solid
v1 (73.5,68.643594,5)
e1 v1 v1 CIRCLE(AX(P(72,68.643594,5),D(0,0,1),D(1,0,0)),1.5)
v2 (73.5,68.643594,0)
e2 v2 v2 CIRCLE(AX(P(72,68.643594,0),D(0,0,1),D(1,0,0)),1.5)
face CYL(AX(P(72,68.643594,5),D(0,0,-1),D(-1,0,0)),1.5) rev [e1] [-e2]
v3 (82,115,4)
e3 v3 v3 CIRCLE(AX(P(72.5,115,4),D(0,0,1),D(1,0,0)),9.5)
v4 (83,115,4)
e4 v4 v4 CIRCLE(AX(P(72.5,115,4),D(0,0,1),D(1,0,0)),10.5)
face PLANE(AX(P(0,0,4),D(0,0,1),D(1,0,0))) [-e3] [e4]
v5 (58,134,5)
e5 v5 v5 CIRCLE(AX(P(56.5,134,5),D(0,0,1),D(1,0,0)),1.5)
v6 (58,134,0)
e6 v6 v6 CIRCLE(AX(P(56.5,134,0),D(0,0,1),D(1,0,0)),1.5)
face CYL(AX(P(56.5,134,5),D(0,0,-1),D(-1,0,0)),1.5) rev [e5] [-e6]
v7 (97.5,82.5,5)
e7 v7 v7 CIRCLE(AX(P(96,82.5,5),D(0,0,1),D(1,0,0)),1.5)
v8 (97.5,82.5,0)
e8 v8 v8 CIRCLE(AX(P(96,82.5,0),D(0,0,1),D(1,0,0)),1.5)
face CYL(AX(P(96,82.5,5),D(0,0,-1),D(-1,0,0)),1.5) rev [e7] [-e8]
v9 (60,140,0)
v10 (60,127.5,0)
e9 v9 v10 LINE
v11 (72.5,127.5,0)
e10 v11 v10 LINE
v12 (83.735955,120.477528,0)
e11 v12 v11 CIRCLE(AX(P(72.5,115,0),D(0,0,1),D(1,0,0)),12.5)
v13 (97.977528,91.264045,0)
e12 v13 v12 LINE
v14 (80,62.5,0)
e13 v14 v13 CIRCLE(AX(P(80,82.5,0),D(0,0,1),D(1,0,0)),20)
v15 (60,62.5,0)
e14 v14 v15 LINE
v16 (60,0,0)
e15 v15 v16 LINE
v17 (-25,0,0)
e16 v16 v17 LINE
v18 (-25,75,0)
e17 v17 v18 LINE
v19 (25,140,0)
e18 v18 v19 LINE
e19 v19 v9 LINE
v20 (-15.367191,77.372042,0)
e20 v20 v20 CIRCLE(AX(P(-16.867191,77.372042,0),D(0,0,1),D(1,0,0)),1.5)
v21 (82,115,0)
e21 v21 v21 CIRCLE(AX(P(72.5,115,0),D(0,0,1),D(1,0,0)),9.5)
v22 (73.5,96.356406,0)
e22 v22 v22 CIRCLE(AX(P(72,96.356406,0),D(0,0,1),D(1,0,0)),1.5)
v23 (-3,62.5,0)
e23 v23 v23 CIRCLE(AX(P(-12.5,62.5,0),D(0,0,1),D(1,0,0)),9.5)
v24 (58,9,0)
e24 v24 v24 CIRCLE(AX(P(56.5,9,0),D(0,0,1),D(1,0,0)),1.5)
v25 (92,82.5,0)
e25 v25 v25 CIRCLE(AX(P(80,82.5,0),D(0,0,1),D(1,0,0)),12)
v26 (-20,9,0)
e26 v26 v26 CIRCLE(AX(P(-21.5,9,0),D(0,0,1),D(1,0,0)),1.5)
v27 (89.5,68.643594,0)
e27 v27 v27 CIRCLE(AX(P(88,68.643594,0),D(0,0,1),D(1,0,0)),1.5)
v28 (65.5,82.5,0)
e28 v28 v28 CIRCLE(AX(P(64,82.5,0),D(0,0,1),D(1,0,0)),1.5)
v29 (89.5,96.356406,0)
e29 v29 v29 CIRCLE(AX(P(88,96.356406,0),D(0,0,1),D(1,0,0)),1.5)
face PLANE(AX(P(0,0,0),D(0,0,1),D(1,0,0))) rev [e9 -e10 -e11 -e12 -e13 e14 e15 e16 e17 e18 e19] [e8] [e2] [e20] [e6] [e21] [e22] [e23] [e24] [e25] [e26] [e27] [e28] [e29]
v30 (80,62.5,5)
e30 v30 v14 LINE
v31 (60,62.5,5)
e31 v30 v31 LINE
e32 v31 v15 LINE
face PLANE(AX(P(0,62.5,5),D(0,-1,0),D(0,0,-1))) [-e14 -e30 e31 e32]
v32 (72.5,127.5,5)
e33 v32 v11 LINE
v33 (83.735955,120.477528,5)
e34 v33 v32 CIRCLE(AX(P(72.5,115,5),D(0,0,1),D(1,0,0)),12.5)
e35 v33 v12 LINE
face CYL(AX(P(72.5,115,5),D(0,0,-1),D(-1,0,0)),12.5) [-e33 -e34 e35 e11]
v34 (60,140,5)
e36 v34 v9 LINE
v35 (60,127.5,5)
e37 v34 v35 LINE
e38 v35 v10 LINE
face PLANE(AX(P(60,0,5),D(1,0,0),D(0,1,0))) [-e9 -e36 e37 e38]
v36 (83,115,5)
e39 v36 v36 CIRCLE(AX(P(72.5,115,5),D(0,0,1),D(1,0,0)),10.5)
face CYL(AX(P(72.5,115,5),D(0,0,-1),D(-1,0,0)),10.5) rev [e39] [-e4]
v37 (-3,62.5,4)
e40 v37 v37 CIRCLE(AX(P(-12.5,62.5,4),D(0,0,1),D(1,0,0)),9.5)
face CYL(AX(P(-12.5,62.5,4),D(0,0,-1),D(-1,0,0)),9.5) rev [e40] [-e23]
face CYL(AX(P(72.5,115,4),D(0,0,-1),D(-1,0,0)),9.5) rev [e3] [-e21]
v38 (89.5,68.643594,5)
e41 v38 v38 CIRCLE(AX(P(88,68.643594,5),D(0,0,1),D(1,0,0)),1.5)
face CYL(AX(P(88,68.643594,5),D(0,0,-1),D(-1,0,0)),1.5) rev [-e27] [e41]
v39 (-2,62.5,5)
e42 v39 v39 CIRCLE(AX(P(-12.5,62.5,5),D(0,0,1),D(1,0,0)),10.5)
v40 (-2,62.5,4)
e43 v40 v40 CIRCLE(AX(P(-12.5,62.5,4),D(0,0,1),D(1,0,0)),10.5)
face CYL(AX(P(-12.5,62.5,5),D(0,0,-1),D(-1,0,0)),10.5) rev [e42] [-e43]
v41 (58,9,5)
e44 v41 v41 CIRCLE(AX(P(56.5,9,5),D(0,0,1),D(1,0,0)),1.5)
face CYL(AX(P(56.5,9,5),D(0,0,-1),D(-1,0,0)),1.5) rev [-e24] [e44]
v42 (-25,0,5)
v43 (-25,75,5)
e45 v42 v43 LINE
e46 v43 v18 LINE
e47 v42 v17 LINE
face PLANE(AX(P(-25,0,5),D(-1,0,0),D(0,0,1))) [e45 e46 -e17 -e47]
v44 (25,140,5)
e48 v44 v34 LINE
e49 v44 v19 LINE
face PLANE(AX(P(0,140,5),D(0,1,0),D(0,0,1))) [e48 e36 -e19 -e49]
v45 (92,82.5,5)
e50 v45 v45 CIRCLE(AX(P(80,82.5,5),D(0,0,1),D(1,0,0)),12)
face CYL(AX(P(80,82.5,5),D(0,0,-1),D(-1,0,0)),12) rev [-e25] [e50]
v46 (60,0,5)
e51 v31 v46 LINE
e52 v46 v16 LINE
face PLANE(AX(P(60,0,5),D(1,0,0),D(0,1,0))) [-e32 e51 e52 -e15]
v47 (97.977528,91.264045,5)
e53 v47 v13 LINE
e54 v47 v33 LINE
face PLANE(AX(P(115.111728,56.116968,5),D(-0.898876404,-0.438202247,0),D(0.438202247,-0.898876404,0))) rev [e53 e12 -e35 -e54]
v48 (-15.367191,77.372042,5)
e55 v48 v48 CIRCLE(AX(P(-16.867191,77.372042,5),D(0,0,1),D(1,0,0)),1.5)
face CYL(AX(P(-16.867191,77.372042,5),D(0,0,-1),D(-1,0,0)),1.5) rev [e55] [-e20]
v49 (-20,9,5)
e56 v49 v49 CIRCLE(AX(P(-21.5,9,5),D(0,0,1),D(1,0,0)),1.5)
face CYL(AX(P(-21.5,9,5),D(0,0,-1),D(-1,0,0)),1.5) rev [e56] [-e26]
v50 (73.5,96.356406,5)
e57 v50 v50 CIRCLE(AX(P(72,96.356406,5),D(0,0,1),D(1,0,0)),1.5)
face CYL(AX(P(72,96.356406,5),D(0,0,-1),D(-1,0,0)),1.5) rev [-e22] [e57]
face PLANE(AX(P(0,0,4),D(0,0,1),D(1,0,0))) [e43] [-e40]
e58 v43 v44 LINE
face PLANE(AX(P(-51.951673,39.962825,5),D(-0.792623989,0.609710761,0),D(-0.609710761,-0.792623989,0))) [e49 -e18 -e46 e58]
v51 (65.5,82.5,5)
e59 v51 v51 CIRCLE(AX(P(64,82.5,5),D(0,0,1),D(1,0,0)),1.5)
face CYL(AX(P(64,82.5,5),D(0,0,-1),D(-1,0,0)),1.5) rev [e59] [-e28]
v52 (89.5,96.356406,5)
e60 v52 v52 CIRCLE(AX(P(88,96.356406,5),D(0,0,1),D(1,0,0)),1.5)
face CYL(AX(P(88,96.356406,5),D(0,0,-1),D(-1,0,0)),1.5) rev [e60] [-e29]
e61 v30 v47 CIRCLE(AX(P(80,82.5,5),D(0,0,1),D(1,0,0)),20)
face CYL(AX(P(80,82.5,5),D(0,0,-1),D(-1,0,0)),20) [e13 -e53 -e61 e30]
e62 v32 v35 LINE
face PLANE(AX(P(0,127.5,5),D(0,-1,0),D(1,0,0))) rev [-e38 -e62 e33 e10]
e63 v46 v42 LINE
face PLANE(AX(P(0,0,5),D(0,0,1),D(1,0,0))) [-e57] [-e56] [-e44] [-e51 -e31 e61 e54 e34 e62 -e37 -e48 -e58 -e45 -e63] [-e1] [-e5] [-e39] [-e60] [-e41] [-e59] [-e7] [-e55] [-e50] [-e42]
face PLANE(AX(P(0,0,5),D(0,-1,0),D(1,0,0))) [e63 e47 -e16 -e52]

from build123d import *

# Parameters (mm, degrees)
SKETCH1_R           = 1.5
SKETCH1_R_2         = 10.5
SKETCH1_R_3         = 12
BOSS_EXTRUDE1_DEPTH = 5
SKETCH1_3_R         = 10.5
SKETCH1_3_R_2       = 9.5
BOSS_EXTRUDE2_DEPTH = 4


with BuildPart() as part:
    # Sketch1 → Boss-Extrude1 (new body)
    with BuildSketch(Plane.XY):
        with BuildLine():
            Line((-25, 0), (60, 0))
            Line((60, 0), (60, 62.5))
            Line((60, 62.5), (80, 62.5))
            ThreePointArc((80, 62.5), (96.95996608, 71.9000212), (97.97752809, 91.264044944))
            Line((97.97752809, 91.264044944), (83.735955056, 120.47752809))
            ThreePointArc((83.735955056, 120.47752809), (79.12498675, 125.5999788), (72.5, 127.5))
            Line((72.5, 127.5), (60, 127.5))
            Line((60, 127.5), (60, 140))
            Line((60, 140), (25, 140))
            Line((25, 140), (-25, 75))
            Line((-25, 75), (-25, 0))
        make_face()
        with Locations((-21.5, 9)):
            Circle(SKETCH1_R, mode=Mode.SUBTRACT)
        with Locations((-12.5, 62.5)):
            Circle(SKETCH1_R_2, mode=Mode.SUBTRACT)
        with Locations((56.5, 9)):
            Circle(SKETCH1_R, mode=Mode.SUBTRACT)
        with Locations((56.5, 134)):
            Circle(SKETCH1_R, mode=Mode.SUBTRACT)
        with Locations((-16.867190649, 77.372042423)):
            Circle(SKETCH1_R, mode=Mode.SUBTRACT)
        with Locations((72.5, 115)):
            Circle(SKETCH1_R_2, mode=Mode.SUBTRACT)
        with Locations((88, 96.356406461)):
            Circle(SKETCH1_R, mode=Mode.SUBTRACT)
        with Locations((72, 96.356406461)):
            Circle(SKETCH1_R, mode=Mode.SUBTRACT)
        with Locations((72, 68.643593539)):
            Circle(SKETCH1_R, mode=Mode.SUBTRACT)
        with Locations((88, 68.643593539)):
            Circle(SKETCH1_R, mode=Mode.SUBTRACT)
        with Locations((64, 82.5)):
            Circle(SKETCH1_R, mode=Mode.SUBTRACT)
        with Locations((80, 82.5)):
            Circle(SKETCH1_R_3, mode=Mode.SUBTRACT)
        with Locations((96, 82.5)):
            Circle(SKETCH1_R, mode=Mode.SUBTRACT)
    extrude(amount=BOSS_EXTRUDE1_DEPTH)

    # Sketch1<3> → Boss-Extrude2 (add)
    # profile 1 of 2: a face of its own
    with BuildSketch(Plane.XY):
        with Locations((-12.5, 62.5)):
            Circle(SKETCH1_3_R)
        with Locations((-12.5, 62.5)):
            Circle(SKETCH1_3_R_2, mode=Mode.SUBTRACT)
    # profile 2 of 2: a face of its own
    with BuildSketch(Plane.XY):
        with Locations((72.5, 115)):
            Circle(SKETCH1_3_R)
        with Locations((72.5, 115)):
            Circle(SKETCH1_3_R_2, mode=Mode.SUBTRACT)
    extrude(amount=BOSS_EXTRUDE2_DEPTH)


solid = part.part
